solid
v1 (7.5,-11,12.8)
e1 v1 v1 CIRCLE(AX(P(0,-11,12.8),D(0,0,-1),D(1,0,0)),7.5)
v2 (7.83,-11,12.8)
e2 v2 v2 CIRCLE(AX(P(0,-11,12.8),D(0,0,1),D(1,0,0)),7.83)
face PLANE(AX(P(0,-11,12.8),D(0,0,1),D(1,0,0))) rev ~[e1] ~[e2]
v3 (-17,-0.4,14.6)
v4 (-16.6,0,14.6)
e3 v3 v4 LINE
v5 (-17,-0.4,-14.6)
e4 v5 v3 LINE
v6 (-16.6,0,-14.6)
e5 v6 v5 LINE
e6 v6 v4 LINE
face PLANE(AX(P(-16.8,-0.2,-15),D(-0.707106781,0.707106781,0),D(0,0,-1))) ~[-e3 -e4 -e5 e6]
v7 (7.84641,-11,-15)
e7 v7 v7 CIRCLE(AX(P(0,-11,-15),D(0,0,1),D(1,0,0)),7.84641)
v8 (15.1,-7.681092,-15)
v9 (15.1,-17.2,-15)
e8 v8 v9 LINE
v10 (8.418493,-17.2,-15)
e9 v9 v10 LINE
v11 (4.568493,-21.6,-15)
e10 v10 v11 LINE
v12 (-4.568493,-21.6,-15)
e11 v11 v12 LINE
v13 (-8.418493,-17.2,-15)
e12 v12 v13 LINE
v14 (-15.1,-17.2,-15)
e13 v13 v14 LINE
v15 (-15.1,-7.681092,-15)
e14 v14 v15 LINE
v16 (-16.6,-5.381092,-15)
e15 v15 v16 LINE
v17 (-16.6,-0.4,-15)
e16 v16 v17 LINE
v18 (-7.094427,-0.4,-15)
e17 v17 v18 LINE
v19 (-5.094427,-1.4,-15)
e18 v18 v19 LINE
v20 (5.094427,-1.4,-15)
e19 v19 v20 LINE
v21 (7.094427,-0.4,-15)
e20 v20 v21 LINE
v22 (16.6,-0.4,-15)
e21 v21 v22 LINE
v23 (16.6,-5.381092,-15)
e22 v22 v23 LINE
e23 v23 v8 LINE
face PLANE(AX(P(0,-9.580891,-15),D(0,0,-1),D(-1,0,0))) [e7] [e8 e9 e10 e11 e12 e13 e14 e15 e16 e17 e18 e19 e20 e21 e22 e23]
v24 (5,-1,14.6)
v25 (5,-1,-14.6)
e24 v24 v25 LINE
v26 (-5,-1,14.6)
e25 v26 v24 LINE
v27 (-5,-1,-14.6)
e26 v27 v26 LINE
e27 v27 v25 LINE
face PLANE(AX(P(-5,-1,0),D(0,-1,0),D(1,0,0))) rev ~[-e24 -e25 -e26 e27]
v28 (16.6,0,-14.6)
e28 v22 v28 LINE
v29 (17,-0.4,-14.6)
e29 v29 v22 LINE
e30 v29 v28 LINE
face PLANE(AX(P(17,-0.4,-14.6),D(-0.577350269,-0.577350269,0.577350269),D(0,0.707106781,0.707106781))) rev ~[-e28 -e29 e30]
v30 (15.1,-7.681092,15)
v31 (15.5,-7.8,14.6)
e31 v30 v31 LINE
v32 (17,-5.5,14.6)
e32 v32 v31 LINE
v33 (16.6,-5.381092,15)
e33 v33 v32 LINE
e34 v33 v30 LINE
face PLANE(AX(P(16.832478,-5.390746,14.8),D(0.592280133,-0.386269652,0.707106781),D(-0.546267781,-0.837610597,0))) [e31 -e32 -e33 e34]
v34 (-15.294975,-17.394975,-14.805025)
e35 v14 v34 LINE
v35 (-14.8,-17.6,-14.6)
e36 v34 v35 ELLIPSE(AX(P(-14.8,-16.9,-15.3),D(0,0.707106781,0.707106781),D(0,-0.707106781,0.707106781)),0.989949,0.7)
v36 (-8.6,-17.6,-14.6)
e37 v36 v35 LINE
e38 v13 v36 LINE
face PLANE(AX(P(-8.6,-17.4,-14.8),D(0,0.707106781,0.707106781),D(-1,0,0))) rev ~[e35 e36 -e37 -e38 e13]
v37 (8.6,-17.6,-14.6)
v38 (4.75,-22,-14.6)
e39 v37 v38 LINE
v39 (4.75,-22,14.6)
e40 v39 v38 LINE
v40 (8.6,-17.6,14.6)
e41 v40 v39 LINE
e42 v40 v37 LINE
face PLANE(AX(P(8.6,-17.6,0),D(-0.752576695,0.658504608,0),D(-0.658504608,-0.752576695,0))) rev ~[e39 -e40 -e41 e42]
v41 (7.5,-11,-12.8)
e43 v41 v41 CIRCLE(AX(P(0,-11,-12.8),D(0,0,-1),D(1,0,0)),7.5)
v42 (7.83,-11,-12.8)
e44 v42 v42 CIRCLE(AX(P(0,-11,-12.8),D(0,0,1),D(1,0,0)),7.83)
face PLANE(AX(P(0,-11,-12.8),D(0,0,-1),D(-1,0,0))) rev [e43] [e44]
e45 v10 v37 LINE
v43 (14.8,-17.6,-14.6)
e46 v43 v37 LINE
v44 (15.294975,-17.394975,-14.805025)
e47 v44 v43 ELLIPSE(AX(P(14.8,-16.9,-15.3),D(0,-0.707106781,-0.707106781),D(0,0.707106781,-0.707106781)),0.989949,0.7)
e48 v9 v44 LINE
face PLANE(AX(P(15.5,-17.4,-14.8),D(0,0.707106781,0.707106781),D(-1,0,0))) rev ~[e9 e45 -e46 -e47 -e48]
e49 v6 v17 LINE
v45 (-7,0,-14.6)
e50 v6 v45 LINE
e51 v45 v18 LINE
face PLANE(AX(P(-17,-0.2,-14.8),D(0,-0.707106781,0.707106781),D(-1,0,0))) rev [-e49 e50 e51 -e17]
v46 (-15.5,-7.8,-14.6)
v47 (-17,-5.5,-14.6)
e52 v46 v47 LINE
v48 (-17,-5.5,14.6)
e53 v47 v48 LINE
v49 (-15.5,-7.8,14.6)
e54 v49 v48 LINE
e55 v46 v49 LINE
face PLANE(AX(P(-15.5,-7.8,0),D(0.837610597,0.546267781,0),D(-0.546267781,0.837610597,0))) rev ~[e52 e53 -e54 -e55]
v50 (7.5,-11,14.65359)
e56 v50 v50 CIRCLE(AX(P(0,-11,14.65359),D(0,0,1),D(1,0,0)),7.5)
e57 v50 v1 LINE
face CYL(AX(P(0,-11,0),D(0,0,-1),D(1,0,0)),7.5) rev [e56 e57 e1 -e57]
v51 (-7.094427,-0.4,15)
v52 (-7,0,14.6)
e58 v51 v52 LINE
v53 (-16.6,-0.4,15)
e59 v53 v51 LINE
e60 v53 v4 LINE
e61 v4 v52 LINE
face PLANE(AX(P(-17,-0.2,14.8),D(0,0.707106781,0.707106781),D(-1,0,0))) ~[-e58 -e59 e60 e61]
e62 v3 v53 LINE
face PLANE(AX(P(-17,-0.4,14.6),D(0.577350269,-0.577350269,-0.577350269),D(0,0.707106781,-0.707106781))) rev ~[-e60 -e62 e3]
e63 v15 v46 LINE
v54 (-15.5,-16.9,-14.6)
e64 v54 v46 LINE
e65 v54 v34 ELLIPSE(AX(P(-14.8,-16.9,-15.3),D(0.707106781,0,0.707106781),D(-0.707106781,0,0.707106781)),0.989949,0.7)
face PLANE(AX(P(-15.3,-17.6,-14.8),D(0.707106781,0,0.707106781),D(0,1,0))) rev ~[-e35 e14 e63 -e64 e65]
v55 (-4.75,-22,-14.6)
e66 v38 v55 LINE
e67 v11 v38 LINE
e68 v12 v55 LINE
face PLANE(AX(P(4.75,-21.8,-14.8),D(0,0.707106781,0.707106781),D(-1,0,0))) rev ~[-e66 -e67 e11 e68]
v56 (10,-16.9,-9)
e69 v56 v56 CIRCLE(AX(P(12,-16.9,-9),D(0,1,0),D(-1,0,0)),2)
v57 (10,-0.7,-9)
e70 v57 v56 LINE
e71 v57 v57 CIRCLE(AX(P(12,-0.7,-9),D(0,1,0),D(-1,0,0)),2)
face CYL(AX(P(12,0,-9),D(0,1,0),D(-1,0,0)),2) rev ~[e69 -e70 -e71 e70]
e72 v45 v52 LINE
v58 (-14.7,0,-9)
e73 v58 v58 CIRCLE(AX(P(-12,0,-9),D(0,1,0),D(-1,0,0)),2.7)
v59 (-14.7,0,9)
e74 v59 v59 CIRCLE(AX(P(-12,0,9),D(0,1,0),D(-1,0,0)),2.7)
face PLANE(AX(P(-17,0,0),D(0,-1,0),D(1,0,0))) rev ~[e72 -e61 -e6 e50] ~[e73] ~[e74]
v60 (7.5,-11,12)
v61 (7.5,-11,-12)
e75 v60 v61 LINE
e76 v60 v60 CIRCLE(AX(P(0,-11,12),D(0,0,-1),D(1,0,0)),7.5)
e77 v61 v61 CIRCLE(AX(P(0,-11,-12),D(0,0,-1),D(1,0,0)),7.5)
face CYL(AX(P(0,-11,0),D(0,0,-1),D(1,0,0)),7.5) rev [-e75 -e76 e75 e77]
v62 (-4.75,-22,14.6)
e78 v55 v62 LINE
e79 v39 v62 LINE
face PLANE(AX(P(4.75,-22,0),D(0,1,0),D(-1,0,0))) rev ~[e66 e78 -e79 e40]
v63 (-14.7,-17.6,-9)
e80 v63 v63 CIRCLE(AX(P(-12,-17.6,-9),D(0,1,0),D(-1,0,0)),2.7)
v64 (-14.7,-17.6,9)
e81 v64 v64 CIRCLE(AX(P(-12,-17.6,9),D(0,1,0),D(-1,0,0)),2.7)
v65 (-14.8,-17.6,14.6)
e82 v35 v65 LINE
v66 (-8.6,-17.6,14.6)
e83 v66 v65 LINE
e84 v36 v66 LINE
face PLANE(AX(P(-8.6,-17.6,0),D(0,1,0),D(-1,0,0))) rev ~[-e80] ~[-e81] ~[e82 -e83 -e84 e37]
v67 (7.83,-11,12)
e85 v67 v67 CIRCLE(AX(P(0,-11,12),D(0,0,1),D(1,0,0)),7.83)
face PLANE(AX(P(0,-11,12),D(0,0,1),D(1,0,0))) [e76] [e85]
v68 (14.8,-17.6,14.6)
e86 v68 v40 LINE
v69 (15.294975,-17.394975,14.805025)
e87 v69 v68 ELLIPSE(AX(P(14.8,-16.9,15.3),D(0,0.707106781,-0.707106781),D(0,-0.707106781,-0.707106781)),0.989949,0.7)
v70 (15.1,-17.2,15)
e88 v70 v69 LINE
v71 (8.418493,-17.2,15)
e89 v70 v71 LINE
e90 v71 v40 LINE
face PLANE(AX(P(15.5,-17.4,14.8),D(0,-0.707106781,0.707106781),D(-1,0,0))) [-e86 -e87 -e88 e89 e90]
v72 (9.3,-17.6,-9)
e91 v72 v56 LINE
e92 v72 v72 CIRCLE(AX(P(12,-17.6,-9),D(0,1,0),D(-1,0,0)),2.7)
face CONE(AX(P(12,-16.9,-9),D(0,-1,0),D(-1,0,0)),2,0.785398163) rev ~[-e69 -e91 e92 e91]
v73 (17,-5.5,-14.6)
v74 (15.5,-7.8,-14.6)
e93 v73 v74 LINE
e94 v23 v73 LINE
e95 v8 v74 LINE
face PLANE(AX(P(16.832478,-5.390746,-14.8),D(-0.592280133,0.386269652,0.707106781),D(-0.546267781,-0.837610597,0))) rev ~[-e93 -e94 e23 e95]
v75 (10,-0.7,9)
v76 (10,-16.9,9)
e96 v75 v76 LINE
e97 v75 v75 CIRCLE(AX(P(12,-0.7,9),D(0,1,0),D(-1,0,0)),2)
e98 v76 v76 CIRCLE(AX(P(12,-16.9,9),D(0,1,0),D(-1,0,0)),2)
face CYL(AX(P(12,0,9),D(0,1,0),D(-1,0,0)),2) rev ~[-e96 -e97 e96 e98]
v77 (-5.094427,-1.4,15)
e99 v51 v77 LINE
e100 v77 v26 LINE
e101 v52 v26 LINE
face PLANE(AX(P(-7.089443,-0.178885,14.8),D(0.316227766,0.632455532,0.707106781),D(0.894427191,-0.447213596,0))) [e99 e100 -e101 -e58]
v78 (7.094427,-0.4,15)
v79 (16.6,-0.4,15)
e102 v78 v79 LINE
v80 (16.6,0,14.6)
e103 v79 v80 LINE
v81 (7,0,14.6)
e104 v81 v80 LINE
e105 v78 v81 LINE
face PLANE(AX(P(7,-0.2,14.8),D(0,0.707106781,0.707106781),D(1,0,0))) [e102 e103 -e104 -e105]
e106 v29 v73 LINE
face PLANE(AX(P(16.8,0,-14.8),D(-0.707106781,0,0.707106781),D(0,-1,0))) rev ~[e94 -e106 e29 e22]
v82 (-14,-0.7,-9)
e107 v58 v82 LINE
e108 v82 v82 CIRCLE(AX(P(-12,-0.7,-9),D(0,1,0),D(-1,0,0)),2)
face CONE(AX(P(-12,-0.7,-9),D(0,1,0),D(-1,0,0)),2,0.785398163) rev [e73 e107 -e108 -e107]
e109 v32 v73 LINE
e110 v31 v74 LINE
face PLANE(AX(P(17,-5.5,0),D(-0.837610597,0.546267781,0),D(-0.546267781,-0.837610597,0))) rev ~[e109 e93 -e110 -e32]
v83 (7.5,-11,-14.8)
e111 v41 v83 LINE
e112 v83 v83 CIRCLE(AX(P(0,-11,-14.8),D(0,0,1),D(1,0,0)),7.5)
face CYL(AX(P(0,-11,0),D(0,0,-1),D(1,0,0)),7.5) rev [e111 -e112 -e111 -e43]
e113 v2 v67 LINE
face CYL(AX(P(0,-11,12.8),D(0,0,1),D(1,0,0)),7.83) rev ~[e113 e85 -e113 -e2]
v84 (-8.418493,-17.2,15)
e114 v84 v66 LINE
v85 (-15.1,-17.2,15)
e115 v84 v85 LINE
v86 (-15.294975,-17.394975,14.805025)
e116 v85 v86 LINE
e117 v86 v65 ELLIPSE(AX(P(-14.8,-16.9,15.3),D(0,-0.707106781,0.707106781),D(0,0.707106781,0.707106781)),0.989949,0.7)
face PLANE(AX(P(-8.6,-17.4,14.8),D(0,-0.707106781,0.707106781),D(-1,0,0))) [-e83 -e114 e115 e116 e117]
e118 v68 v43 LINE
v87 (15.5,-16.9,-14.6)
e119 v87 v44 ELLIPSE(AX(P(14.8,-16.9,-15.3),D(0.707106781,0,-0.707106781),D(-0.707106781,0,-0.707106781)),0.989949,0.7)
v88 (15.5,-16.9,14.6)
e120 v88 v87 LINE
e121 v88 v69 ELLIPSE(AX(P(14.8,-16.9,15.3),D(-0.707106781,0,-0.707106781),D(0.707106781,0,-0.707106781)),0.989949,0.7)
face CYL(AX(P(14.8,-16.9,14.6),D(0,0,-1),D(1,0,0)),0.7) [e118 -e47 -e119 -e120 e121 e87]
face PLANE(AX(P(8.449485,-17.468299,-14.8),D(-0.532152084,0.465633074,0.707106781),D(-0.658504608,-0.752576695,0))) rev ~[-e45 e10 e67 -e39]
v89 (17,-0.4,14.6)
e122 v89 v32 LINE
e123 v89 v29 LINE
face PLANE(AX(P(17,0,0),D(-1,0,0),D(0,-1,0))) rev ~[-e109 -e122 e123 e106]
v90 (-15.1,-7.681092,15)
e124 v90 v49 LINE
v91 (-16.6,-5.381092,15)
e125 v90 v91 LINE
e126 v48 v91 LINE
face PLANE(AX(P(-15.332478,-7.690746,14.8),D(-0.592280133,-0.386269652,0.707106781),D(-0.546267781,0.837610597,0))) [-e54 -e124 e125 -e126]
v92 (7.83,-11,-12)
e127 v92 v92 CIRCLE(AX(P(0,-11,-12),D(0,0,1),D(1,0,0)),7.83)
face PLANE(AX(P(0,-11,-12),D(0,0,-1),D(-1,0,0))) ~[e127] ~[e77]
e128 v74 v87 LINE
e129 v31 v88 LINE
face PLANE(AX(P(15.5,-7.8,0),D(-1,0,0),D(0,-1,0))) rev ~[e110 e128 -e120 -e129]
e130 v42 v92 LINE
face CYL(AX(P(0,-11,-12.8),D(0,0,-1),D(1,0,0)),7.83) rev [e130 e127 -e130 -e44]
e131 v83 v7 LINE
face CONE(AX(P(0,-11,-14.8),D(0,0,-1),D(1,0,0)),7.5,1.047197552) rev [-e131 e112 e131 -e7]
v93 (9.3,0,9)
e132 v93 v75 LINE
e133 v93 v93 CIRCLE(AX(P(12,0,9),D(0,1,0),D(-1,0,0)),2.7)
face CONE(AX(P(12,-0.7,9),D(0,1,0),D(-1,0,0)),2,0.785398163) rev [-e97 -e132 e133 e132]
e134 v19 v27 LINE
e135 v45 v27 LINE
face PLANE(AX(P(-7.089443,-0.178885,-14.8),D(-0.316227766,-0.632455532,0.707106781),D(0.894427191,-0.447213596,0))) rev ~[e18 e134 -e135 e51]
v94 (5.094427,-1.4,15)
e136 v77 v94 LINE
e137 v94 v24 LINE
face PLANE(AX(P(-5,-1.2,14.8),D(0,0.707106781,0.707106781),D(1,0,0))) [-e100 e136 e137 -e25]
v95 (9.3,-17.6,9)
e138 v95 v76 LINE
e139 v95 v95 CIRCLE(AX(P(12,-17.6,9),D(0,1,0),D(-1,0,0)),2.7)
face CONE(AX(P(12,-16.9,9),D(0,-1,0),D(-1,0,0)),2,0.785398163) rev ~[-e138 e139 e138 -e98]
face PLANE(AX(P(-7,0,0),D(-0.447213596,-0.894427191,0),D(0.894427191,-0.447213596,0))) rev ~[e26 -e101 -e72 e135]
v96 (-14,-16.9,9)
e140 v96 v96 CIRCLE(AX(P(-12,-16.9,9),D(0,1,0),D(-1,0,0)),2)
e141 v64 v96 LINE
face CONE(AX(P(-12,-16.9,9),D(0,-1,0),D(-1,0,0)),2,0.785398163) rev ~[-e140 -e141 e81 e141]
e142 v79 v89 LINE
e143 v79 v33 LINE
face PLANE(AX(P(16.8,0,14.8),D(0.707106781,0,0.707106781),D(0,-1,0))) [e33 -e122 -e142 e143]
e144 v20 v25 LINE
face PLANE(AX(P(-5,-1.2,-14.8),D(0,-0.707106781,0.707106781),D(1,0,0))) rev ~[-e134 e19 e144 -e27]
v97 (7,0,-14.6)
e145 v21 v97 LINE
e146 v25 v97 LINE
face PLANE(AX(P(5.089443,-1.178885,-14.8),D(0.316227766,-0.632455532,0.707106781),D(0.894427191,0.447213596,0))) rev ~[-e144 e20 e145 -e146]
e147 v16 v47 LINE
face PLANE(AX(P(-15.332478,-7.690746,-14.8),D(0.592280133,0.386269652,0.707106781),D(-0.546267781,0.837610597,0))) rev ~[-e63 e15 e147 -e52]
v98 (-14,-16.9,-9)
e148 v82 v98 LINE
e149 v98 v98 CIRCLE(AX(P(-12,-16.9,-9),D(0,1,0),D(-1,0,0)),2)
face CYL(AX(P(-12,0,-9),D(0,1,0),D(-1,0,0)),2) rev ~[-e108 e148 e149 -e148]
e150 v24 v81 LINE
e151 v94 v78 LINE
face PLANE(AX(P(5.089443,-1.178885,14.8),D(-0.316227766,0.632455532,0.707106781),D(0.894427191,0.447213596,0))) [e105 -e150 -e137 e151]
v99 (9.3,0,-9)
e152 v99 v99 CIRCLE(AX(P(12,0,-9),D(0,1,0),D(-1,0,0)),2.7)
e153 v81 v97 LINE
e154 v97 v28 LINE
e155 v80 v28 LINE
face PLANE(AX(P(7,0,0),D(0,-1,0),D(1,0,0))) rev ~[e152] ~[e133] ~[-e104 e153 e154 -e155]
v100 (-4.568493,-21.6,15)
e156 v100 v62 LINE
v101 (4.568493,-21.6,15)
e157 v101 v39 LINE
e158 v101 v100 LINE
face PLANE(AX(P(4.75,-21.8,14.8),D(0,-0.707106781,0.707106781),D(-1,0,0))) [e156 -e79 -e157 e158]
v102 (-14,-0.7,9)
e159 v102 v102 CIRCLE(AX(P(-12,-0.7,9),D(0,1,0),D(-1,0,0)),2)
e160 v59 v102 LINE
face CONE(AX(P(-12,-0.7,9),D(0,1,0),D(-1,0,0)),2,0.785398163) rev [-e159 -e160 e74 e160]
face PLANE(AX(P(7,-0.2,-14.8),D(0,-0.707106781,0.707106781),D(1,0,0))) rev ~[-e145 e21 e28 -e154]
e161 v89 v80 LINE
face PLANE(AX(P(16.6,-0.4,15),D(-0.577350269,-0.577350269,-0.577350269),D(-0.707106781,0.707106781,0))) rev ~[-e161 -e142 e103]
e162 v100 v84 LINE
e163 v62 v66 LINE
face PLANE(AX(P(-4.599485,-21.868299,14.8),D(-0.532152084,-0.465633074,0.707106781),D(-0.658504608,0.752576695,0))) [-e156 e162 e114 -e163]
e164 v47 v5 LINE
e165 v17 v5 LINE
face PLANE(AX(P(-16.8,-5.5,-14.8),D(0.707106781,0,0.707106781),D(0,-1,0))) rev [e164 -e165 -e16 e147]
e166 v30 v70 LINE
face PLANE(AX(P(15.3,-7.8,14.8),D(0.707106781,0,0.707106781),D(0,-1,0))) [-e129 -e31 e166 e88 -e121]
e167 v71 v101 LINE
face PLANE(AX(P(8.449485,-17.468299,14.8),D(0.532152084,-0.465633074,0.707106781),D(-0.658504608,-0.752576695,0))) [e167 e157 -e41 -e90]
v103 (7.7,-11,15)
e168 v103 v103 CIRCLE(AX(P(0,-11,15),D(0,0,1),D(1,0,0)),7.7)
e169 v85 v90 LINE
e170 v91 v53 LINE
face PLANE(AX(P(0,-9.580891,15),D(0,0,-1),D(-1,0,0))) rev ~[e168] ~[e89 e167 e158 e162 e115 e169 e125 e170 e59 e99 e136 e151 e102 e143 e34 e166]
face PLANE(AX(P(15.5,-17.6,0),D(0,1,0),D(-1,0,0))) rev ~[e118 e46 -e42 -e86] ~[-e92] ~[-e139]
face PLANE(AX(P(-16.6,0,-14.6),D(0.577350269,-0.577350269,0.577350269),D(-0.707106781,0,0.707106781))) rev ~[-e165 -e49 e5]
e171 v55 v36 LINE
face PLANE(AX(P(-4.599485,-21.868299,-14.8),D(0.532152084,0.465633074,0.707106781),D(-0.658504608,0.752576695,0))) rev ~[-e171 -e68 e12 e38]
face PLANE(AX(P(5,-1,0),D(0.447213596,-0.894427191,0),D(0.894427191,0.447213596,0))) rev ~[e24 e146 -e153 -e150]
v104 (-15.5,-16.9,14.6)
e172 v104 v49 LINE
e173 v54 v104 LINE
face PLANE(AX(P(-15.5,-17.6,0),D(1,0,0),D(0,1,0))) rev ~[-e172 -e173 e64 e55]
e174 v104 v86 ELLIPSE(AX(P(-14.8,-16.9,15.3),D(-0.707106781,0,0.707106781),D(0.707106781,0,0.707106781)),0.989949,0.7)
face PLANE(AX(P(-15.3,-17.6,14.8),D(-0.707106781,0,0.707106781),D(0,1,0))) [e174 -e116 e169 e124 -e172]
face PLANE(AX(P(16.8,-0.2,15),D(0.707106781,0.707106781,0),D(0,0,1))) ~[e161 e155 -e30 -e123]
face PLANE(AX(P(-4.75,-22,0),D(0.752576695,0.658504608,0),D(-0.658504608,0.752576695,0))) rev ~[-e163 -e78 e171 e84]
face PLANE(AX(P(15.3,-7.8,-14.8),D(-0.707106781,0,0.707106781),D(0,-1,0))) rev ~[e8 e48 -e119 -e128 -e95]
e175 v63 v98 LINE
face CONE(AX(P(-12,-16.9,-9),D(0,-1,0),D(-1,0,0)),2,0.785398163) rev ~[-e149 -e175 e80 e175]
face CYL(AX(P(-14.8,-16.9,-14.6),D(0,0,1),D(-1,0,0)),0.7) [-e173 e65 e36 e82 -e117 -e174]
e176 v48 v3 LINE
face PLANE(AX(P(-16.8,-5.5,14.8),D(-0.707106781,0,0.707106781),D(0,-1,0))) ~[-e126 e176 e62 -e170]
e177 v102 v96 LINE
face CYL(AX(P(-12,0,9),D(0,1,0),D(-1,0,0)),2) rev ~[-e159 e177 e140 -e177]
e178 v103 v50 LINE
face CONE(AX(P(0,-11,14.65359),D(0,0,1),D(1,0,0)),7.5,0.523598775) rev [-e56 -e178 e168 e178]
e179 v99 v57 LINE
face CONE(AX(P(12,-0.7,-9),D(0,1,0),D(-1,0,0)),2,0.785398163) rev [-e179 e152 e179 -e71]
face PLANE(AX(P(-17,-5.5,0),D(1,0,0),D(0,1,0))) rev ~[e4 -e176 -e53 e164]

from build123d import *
from OCP.BRepFilletAPI import BRepFilletAPI_MakeChamfer

# Parameters (mm, degrees)
SKETCH1_R             = 7.5
BOSS_EXTRUDE1_DEPTH   = 15
CHAFL_N0_SIZE         = 0.2
CHAFL_N0_SIZE2        = 0.346410162
CROQUIS1_R            = 2
CORTAR_EXTRUIR1_DEPTH = 20
CHAFL_N1_SIZE         = 0.7
CHAFL_N2_SIZE         = 0.4
REDONDEO1_R           = 0.7
SKETCH2_R             = 7.83
CUT_EXTRUDE1_DEPTH    = 0.8


with BuildPart() as part:
    # Sketch1 → Boss-Extrude1 (new, symmetric)
    with BuildSketch(Plane.XY):
        Polygon((-5, -1), (5, -1), (7, 0), (17, 0), (17, -5.5), (15.5, -7.8), (15.5, -17.6), (8.6, -17.6), (4.75, -22), (-4.75, -22), (-8.6, -17.6), (-15.5, -17.6), (-15.5, -7.8), (-17, -5.5), (-17, 0), (-7, 0), align=None)
        with Locations((0, -11)):
            Circle(SKETCH1_R, mode=Mode.SUBTRACT)
    extrude(amount=BOSS_EXTRUDE1_DEPTH, both=True)

    # Chaflàn0: one chamfer whose edges measure the first distance from different faces: ONE call of the kernel's chamfer builder (chamfer() names one face for all edges)
    chafl_n0_edges_1 = [part.edges().sort_by_distance(p)[0] for p in [
        (-7.5, -11, -15),
    ]]
    chafl_n0_side_1 = [part.faces().sort_by_distance(p)[0] for p in [
        (-7.5, -11, 0),
    ]]
    chafl_n0_edges_2 = [part.edges().sort_by_distance(p)[0] for p in [
        (-7.5, -11, 15),
    ]]
    chafl_n0_side_2 = [part.faces().sort_by_distance(p)[0] for p in [
        (0, -1.404969135, 15),
    ]]
    chafl_n0 = BRepFilletAPI_MakeChamfer(part.part.solid().wrapped)
    for e in chafl_n0_edges_1:
        chafl_n0.Add(CHAFL_N0_SIZE, CHAFL_N0_SIZE2, e.wrapped, chafl_n0_side_1[0].wrapped)  # the first distance lies on this face
    for e in chafl_n0_edges_2:
        chafl_n0.Add(CHAFL_N0_SIZE, CHAFL_N0_SIZE2, e.wrapped, chafl_n0_side_2[0].wrapped)  # the first distance lies on this face
    add(Compound.cast(chafl_n0.Shape()), mode=Mode.REPLACE)

    # Croquis1 → Cortar-Extruir1 (cut)
    with BuildSketch(Plane(origin=(0, 0, 0), x_dir=(1, 0, 0), z_dir=(0, 1, 0))):
        with Locations(Location((-12, 9, 0), (0, 0, 180))):
            Circle(CROQUIS1_R)
        with Locations(Location((12, 9, 0), (0, 0, 180))):
            Circle(CROQUIS1_R)
        with Locations(Location((-12, -9, 0), (0, 0, 180))):
            Circle(CROQUIS1_R)
        with Locations(Location((12, -9, 0), (0, 0, 180))):
            Circle(CROQUIS1_R)
    extrude(amount=-CORTAR_EXTRUIR1_DEPTH, mode=Mode.SUBTRACT)

    # Chaflán1
    chafl_n1_edges = [part.edges().sort_by_distance(p)[0] for p in [
        (-10, -17.6, -9),
        (-10, 0, -9),
        (14, -17.6, -9),
        (14, 0, -9),
        (-10, -17.6, 9),
        (-10, 0, 9),
        (14, -17.6, 9),
        (14, 0, 9),
    ]]
    chamfer(chafl_n1_edges, length=CHAFL_N1_SIZE)

    # Chaflán2
    chafl_n2_edges = [part.edges().sort_by_distance(p)[0] for p in [
        (-6, -0.5, 15),
        (-12, 0, 15),
        (12, 0, -15),
        (17, -2.75, -15),
        (16.25, -6.65, -15),
        (15.5, -12.7, -15),
        (12.05, -17.6, -15),
        (-17, -2.75, 15),
        (6.675, -19.8, -15),
        (0, -22, -15),
        (-6.675, -19.8, -15),
        (-12.05, -17.6, -15),
        (-15.5, -12.7, -15),
        (-16.25, -6.65, -15),
        (-17, -2.75, -15),
        (-12, 0, -15),
        (-16.25, -6.65, 15),
        (-6, -0.5, -15),
        (0, -1, -15),
        (6, -0.5, -15),
        (-15.5, -12.7, 15),
        (-12.05, -17.6, 15),
        (17, 0, 0),
        (-17, 0, 0),
        (-6.675, -19.8, 15),
        (0, -22, 15),
        (6.675, -19.8, 15),
        (12.05, -17.6, 15),
        (6, -0.5, 15),
        (15.5, -12.7, 15),
        (16.25, -6.65, 15),
        (17, -2.75, 15),
        (12, 0, 15),
        (0, -1, 15),
    ]]
    chamfer(chafl_n2_edges, length=CHAFL_N2_SIZE)

    # Redondeo1
    redondeo1_edges = [part.edges().sort_by_distance(p)[0] for p in [
        (15.5, -17.6, 0),
        (-15.5, -17.6, 0),
    ]]
    fillet(redondeo1_edges, radius=REDONDEO1_R)

    # Sketch2 → Cut-Extrude1 (cut)
    with BuildSketch(Plane.XY.offset(12.8)):
        with Locations((0, -11)):
            Circle(SKETCH2_R)
    cut_extrude1 = extrude(amount=-CUT_EXTRUDE1_DEPTH, mode=Mode.SUBTRACT)

    # Mirror1: Cut-Extrude1 across plane
    add(cut_extrude1.mirror(Plane.XY), mode=Mode.SUBTRACT)


solid = part.part
